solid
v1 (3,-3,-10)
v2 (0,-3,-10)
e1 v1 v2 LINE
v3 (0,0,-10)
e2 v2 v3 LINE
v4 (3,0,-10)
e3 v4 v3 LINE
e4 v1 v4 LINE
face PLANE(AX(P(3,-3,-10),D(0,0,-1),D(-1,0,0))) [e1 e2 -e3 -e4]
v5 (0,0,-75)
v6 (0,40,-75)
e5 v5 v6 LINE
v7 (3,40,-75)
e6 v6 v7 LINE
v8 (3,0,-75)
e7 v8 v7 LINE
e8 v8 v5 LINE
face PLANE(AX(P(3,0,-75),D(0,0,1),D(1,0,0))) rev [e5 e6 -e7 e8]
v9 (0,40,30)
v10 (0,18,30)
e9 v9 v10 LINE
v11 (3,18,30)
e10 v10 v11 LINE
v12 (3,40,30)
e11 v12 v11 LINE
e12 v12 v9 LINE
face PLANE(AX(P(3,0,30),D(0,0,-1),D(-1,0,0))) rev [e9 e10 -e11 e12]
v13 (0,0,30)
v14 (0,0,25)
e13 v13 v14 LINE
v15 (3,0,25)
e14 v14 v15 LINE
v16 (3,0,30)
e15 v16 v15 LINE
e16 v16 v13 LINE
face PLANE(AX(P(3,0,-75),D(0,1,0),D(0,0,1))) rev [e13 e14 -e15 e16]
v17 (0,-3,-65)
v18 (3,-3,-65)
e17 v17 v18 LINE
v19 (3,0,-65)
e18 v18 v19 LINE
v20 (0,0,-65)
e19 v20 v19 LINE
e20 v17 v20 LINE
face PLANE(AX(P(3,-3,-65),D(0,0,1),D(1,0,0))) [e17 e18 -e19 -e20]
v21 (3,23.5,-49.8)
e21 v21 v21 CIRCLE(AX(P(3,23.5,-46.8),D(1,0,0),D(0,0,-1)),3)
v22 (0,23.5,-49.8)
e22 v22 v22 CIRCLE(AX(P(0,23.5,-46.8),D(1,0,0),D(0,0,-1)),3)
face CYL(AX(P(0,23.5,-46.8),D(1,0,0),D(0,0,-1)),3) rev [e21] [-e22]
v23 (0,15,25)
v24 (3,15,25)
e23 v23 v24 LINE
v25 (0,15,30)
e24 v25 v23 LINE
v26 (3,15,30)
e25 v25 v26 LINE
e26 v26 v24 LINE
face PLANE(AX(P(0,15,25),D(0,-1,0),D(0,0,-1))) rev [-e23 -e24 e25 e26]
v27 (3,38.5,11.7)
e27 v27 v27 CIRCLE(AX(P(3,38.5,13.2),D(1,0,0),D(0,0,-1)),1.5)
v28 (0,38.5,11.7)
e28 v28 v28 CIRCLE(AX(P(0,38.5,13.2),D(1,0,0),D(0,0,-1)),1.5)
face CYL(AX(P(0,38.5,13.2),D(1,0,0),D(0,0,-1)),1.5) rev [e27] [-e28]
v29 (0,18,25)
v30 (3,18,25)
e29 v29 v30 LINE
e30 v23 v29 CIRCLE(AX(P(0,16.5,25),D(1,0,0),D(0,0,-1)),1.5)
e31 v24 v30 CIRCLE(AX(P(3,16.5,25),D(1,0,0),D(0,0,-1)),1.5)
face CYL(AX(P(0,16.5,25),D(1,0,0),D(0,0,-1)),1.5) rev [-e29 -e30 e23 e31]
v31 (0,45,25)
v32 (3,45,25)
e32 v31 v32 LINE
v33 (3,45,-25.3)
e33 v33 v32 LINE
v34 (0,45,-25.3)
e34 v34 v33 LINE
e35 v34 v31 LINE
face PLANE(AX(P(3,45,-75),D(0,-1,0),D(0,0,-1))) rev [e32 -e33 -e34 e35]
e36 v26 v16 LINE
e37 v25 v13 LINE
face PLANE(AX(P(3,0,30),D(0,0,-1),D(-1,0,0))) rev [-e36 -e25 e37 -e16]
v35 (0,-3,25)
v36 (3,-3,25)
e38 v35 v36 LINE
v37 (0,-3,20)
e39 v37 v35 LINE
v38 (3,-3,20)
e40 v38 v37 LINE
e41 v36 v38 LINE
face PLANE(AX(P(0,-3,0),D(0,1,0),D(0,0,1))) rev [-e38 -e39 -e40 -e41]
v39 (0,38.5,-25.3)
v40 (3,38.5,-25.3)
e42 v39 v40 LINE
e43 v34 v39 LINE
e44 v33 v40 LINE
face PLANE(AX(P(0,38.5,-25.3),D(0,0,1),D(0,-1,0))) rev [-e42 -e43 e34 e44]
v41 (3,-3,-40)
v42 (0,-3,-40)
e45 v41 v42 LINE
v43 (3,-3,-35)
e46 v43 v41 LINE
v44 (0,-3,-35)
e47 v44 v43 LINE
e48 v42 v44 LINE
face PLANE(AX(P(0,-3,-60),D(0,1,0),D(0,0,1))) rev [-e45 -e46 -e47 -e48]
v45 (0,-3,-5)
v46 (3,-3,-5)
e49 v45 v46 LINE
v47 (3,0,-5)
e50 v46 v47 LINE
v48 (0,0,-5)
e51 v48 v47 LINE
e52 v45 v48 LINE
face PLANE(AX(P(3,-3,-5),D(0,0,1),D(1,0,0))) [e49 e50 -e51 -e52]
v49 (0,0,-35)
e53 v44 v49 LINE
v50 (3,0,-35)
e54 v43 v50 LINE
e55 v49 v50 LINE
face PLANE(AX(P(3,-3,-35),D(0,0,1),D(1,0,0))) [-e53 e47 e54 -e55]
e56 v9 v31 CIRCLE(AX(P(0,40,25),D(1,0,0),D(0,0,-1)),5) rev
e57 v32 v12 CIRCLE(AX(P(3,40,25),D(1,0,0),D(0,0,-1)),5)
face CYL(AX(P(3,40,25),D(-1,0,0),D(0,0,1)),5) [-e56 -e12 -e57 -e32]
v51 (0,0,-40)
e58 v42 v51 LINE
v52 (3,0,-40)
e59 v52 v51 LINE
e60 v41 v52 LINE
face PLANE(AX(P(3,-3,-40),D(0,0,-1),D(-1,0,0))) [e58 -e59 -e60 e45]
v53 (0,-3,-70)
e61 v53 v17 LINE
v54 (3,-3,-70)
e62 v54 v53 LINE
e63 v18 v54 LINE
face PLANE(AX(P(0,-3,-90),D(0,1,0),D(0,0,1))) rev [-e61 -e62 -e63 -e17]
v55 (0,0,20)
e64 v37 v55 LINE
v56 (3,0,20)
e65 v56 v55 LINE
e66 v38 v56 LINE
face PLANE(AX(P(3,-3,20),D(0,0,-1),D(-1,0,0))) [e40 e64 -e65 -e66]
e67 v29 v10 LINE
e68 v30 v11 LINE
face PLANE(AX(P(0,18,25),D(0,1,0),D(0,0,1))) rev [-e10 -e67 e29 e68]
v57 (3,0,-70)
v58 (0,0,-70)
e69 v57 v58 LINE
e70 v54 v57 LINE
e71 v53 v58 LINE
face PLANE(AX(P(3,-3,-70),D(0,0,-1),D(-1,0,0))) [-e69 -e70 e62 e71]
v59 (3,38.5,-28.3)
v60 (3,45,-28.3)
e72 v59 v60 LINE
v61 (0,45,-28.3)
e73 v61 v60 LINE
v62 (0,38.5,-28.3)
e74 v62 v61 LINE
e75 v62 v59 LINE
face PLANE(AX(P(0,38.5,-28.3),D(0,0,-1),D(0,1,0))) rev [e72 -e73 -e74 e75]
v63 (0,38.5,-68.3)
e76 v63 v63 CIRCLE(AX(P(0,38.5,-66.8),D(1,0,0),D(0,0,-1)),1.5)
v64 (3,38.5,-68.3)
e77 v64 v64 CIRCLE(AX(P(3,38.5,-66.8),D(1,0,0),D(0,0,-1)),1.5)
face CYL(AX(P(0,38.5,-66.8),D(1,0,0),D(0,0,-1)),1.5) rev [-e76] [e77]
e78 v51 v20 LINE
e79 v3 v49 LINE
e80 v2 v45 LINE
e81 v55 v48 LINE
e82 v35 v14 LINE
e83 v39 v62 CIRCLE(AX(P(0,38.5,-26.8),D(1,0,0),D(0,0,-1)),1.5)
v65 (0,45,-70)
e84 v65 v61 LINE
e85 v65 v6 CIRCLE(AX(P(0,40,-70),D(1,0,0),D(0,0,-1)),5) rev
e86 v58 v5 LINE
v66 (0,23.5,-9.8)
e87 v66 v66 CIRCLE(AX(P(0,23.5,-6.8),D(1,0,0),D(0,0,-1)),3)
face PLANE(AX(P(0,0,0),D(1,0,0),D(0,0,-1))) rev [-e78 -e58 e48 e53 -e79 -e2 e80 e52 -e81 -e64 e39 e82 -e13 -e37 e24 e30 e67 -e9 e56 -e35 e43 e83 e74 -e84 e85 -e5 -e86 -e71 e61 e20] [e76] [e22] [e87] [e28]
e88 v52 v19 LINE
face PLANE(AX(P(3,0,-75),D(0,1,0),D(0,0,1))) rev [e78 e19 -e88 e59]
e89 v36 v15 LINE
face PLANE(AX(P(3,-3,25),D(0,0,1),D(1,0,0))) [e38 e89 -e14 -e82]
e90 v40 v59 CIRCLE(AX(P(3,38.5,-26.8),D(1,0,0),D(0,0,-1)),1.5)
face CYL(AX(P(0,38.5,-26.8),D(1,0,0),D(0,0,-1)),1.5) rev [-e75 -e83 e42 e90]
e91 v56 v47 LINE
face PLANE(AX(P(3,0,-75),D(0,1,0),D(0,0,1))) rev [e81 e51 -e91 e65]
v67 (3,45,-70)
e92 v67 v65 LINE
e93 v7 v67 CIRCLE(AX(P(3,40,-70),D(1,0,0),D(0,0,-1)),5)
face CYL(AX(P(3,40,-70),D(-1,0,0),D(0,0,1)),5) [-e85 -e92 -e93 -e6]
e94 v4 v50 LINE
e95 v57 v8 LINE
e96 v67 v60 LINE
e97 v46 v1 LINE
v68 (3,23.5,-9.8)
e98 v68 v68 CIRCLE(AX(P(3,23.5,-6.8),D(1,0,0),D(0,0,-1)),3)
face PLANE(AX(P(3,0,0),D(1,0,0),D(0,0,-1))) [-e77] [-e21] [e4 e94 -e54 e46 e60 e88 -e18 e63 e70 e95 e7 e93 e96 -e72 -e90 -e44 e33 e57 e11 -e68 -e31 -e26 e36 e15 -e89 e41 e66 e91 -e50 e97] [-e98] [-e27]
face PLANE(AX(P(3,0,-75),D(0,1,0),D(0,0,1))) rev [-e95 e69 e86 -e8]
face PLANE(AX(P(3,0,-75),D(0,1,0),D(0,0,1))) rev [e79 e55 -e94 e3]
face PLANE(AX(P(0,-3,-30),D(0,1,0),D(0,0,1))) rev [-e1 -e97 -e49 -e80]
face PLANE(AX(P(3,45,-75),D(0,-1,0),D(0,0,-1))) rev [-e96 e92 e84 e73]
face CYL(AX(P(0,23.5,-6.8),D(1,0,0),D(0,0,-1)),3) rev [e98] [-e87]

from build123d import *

# Parameters (mm, degrees)
SKETCH1_W           = 105
SKETCH1_H           = 45
BOSS_EXTRUDE1_DEPTH = 3
SKETCH2_R           = 3
SKETCH2_R_2         = 1.5
CUT_EXTRUDE1_DEPTH  = 4
CUT_EXTRUDE2_DEPTH  = 4
FILLET3_R           = 5
SKETCH4_W           = 3
SKETCH4_H           = 5
BOSS_EXTRUDE2_DEPTH = 3
LPATTERN1_COUNT     = 4
LPATTERN1_PITCH     = 30


with BuildPart() as part:
    # Sketch1 → Boss-Extrude1 (new body)
    with BuildSketch(Plane(origin=(0, 0, 0), x_dir=(0, 0, -1), z_dir=(1, 0, 0))):
        with Locations((22.5, 22.5)):
            Rectangle(SKETCH1_W, SKETCH1_H)
    extrude(amount=BOSS_EXTRUDE1_DEPTH)

    # Sketch2 → Cut-Extrude1 (cut, through all)
    with BuildSketch(Plane(origin=(3, 0, 0), x_dir=(0, 0, -1), z_dir=(1, 0, 0))):
        with Locations((6.8, 23.5)):
            Circle(SKETCH2_R)
        with Locations((46.8, 23.5)):
            Circle(SKETCH2_R)
        with Locations((66.8, 38.5)):
            Circle(SKETCH2_R_2)
        with Locations((-13.2, 38.5)):
            Circle(SKETCH2_R_2)
        with BuildLine():
            Line((25.3, 38.5), (25.3, 45))
            Line((25.3, 45), (28.3, 45))
            Line((28.3, 45), (28.3, 38.5))
            ThreePointArc((28.3, 38.5), (26.8, 37), (25.3, 38.5))
        make_face()
    extrude(amount=-CUT_EXTRUDE1_DEPTH, mode=Mode.SUBTRACT)

    # Sketch3 → Cut-Extrude2 (cut, through all)
    with BuildSketch(Plane(origin=(3, 0, 0), x_dir=(0, 0, -1), z_dir=(1, 0, 0))):
        with BuildLine():
            Line((-25, 15), (-30, 15))
            Line((-30, 15), (-30, 18))
            Line((-30, 18), (-25, 18))
            ThreePointArc((-25, 18), (-23.5, 16.5), (-25, 15))
        make_face()
    extrude(amount=-CUT_EXTRUDE2_DEPTH, mode=Mode.SUBTRACT)

    # Fillet3
    fillet3_edges = [part.edges().sort_by_distance(p)[0] for p in [
        (1.5, 45, 30),
        (1.5, 45, -75),
    ]]
    fillet(fillet3_edges, radius=FILLET3_R)

    # Sketch4 → Boss-Extrude2 (add)
    with BuildSketch(Plane(origin=(0, 0, 0), x_dir=(1, 0, 0), z_dir=(0, 1, 0))):
        with Locations((1.5, -22.5)):
            Rectangle(SKETCH4_W, SKETCH4_H)
    boss_extrude2 = extrude(amount=-BOSS_EXTRUDE2_DEPTH)

    # LPattern1: Boss-Extrude2 ×4
    with Locations(*[(0, 0, -i * LPATTERN1_PITCH) for i in range(1, LPATTERN1_COUNT)]):
        add(boss_extrude2)


solid = part.part
